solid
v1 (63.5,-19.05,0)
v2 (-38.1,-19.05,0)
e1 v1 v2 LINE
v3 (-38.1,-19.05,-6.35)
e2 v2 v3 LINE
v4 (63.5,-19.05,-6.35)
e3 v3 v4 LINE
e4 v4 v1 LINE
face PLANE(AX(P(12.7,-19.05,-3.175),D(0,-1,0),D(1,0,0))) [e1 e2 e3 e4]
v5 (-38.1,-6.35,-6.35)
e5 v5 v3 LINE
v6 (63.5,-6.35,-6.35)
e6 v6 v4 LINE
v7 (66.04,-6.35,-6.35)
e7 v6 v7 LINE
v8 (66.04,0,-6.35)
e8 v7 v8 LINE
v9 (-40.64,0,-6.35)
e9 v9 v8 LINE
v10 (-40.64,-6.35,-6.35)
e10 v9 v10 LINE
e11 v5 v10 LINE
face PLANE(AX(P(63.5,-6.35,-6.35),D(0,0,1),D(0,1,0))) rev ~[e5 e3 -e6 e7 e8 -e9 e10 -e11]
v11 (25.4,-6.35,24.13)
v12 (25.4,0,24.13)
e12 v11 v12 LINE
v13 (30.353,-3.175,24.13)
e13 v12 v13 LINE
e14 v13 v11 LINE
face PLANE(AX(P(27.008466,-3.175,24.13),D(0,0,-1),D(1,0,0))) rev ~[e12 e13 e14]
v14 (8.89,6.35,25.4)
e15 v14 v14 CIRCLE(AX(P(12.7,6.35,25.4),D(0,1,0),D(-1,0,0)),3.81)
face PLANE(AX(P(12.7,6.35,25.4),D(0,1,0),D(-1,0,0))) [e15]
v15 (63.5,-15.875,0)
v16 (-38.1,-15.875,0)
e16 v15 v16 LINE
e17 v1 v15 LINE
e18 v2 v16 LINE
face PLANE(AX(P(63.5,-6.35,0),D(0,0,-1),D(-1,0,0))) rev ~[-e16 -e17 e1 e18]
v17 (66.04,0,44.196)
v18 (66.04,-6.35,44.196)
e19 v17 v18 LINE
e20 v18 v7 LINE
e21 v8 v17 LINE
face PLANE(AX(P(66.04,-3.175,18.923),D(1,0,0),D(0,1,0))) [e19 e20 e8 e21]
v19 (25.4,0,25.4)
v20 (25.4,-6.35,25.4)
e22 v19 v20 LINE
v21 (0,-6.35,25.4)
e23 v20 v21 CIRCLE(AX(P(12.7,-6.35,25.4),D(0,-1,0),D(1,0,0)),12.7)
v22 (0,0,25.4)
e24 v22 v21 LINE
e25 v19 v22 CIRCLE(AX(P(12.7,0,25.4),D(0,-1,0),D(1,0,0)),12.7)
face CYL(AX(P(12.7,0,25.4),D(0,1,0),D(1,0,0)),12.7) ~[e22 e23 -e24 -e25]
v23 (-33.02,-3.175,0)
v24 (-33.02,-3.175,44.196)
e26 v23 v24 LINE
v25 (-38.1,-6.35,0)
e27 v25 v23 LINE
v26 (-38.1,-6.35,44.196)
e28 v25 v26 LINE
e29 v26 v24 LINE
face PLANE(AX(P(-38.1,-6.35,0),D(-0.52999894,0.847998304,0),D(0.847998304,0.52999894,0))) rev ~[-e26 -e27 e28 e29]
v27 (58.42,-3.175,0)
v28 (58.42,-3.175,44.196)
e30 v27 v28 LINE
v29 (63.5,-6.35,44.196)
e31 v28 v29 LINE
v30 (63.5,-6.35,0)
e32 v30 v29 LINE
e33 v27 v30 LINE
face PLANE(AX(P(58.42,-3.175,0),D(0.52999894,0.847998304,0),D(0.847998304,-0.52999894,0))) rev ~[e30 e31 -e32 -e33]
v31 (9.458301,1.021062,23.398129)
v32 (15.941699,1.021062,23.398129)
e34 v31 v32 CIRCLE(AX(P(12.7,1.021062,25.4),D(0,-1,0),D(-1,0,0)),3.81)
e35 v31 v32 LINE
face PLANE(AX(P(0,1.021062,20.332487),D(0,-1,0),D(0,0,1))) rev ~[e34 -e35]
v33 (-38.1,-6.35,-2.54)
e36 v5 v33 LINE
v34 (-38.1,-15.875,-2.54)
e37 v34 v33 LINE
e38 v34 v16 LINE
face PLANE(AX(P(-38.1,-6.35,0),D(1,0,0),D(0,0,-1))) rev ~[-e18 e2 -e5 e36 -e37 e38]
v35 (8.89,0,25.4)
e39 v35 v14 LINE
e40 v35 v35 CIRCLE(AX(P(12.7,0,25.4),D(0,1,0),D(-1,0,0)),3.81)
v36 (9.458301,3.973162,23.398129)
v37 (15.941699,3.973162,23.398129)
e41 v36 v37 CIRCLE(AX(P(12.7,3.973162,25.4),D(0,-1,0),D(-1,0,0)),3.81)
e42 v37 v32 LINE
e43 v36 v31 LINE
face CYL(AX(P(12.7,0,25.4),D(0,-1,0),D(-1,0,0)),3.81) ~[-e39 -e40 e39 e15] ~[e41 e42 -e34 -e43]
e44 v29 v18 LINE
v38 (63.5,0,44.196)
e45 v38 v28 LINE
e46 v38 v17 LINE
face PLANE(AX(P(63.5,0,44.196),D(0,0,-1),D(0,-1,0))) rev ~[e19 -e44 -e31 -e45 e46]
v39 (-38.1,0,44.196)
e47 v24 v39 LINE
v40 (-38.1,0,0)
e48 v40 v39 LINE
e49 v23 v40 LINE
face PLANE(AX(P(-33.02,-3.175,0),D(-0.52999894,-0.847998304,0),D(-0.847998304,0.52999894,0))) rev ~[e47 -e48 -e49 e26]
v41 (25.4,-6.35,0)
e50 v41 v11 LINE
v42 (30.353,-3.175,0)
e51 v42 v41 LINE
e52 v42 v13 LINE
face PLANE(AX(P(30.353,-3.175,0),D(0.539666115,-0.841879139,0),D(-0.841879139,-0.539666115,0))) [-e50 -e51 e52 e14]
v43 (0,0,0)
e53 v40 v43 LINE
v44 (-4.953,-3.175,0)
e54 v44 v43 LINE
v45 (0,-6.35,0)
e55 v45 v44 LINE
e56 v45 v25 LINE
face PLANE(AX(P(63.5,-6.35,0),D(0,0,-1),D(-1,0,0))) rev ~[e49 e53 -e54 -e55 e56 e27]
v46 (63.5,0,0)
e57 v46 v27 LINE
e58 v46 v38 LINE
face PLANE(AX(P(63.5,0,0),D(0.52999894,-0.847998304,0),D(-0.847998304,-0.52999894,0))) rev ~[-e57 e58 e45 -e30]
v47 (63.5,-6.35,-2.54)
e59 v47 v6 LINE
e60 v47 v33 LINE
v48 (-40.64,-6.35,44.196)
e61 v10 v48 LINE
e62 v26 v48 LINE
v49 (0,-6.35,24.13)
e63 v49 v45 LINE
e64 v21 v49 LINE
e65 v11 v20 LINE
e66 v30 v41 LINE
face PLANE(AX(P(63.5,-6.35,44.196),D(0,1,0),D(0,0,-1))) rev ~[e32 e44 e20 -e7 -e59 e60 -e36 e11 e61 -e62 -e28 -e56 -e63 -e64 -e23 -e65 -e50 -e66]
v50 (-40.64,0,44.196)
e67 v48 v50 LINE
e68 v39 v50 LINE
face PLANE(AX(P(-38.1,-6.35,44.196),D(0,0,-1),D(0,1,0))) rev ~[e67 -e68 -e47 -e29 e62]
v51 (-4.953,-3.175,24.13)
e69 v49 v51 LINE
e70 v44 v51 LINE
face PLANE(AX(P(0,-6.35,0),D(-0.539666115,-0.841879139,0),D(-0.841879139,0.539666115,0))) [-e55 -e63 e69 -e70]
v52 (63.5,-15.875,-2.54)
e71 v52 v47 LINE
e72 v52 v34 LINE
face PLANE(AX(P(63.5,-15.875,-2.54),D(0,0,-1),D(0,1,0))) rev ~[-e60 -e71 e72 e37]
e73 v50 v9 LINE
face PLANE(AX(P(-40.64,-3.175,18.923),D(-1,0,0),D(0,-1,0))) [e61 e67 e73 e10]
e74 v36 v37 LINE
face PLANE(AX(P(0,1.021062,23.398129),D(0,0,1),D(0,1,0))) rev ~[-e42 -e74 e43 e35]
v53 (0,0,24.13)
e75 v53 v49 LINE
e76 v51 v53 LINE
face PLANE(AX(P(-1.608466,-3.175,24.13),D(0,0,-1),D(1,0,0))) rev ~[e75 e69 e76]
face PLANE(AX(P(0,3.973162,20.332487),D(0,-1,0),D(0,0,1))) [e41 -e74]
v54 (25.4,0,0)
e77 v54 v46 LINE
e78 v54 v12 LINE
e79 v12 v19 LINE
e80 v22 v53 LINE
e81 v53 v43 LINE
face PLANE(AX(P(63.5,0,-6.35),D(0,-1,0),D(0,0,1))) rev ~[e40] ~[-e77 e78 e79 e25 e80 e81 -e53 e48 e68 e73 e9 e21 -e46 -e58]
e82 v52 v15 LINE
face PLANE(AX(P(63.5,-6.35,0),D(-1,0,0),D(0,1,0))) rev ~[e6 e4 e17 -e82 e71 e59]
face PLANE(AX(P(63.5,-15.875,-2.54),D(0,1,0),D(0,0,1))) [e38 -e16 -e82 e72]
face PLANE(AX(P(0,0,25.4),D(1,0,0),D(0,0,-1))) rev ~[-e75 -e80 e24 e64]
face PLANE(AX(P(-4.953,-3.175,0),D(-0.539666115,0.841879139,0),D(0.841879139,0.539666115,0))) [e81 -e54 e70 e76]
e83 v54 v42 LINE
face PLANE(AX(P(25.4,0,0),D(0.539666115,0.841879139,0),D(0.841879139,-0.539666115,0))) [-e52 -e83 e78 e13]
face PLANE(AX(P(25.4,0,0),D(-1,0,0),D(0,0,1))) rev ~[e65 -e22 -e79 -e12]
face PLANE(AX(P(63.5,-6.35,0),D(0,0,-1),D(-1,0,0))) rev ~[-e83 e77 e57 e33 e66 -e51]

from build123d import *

# Parameters (mm, degrees)
F1_DEPTH  = 6.35
F3_DEPTH  = 24.13
F4_W      = 101.6
F4_H      = 6.35
F5_DEPTH  = 6.35
F7_DEPTH  = 12.7
F8_W      = 9.525
F8_H      = 2.54
F9_DEPTH  = 114.282591
F10_W     = 9.525
F10_H     = 2.54
F11_DEPTH = 12.7
F13_DEPTH = 12.7
F19_DEPTH = 44.196
F21_DEPTH = 2.54
F23_DEPTH = 2.54
F24_R     = 3.81
F25_DEPTH = 6.35
F26_W     = 2.9521
F26_H     = 3.065642
F27_DEPTH = 20.5232


with BuildPart() as f1:
    # F0 (on Front) → F1 (new body)
    with BuildSketch(Plane.XZ):
        with BuildLine():
            Line((0, 25.4), (0, 0))
            Line((0, 0), (25.4, 0))
            Line((25.4, 0), (25.4, 25.4))
            ThreePointArc((25.4, 25.4), (12.7, 38.1), (0, 25.4))
        make_face()
    extrude(amount=F1_DEPTH)

    # F2 (on face) → F3 (join)
    with BuildSketch(Plane(origin=(0, 0, 0), x_dir=(1, 0, 0), z_dir=(0, 0, -1))):
        Polygon((-4.953, 3.175), (0, 0), (0, 6.35), align=None)
        Polygon((30.353, 3.175), (25.4, 6.35), (25.4, 0), align=None)
    extrude(amount=-F3_DEPTH)

    # F4 (on face) → F5 (join)
    with BuildSketch(Plane(origin=(0, 0, 0), x_dir=(1, 0, 0), z_dir=(0, 0, -1))):
        with Locations((12.7, 3.175)):
            Rectangle(F4_W, F4_H)
    extrude(amount=F5_DEPTH)

    # F6 (on face) → F7 (join)
    with BuildSketch(Plane.XZ.offset(6.35)):
        Polygon((25.4, 0), (0, 0), (-38.1, 0), (-38.1, -6.35), (63.5, -6.35), (63.5, 0), align=None)
    extrude(amount=F7_DEPTH)

    # F8 (on face) → F9 (cut)
    with BuildSketch(Plane.YZ.offset(63.5)):
        with Locations((-11.1125, -1.27)):
            Rectangle(F8_W, F8_H)
    extrude(amount=-F9_DEPTH, mode=Mode.SUBTRACT)

    # F18 (on face) + F17 (on face) → F19 (join)
    with BuildSketch(Plane.XY):
        Polygon((63.5, 0), (58.42, -3.175), (63.5, -6.35), align=None)
    with BuildSketch(Plane.XY):
        Polygon((-33.02, -3.175), (-38.1, 0), (-38.1, -6.35), align=None)
    extrude(amount=F19_DEPTH)

    # F20 (on face) → F21 (join)
    with BuildSketch(Plane(origin=(-38.1, 0, 0), x_dir=(0, -1, 0), z_dir=(-1, 0, 0))):
        Polygon((6.35, -2.54), (6.35, 0), (6.35, 44.196), (0, 44.196), (0, 0), (0, -6.35), (6.35, -6.35), align=None)
    extrude(amount=F21_DEPTH)

    # F22 (on face) → F23 (join)
    with BuildSketch(Plane.YZ.offset(63.5)):
        Polygon((-6.35, 0), (-6.35, -2.54), (-6.35, -6.35), (0, -6.35), (0, 0), (0, 44.196), (-6.35, 44.196), align=None)
    extrude(amount=F23_DEPTH)

    # F24 (on face) → F25 (join)
    with BuildSketch(Plane(origin=(0, 0, 0), x_dir=(-1, 0, 0), z_dir=(0, 1, 0))):
        with Locations((-12.7, 25.4)):
            Circle(F24_R)
    extrude(amount=F25_DEPTH)

    # F26 (on Right) → F27 (cut)
    with BuildSketch(Plane.YZ):
        with Locations((2.497112, 21.865308)):
            Rectangle(F26_W, F26_H)
    extrude(amount=F27_DEPTH, mode=Mode.SUBTRACT)


with BuildPart() as f11:
    # F10 (on face) → F11 (new body)
    with BuildSketch(Plane.YZ.offset(63.5)):
        with Locations((-11.1125, -1.27)):
            Rectangle(F10_W, F10_H)
    extrude(amount=F11_DEPTH)


with BuildPart() as f13:
    # F12 (on face) → F13 (new body)
    with BuildSketch(Plane.YZ.offset(63.5)):
        Polygon((-6.35, -6.35), (-6.35, -2.54), (-15.875, -2.54), (-15.875, 0), (-19.05, 0), (-19.05, -6.35), align=None)
    extrude(amount=F13_DEPTH)


solid = f1.part
